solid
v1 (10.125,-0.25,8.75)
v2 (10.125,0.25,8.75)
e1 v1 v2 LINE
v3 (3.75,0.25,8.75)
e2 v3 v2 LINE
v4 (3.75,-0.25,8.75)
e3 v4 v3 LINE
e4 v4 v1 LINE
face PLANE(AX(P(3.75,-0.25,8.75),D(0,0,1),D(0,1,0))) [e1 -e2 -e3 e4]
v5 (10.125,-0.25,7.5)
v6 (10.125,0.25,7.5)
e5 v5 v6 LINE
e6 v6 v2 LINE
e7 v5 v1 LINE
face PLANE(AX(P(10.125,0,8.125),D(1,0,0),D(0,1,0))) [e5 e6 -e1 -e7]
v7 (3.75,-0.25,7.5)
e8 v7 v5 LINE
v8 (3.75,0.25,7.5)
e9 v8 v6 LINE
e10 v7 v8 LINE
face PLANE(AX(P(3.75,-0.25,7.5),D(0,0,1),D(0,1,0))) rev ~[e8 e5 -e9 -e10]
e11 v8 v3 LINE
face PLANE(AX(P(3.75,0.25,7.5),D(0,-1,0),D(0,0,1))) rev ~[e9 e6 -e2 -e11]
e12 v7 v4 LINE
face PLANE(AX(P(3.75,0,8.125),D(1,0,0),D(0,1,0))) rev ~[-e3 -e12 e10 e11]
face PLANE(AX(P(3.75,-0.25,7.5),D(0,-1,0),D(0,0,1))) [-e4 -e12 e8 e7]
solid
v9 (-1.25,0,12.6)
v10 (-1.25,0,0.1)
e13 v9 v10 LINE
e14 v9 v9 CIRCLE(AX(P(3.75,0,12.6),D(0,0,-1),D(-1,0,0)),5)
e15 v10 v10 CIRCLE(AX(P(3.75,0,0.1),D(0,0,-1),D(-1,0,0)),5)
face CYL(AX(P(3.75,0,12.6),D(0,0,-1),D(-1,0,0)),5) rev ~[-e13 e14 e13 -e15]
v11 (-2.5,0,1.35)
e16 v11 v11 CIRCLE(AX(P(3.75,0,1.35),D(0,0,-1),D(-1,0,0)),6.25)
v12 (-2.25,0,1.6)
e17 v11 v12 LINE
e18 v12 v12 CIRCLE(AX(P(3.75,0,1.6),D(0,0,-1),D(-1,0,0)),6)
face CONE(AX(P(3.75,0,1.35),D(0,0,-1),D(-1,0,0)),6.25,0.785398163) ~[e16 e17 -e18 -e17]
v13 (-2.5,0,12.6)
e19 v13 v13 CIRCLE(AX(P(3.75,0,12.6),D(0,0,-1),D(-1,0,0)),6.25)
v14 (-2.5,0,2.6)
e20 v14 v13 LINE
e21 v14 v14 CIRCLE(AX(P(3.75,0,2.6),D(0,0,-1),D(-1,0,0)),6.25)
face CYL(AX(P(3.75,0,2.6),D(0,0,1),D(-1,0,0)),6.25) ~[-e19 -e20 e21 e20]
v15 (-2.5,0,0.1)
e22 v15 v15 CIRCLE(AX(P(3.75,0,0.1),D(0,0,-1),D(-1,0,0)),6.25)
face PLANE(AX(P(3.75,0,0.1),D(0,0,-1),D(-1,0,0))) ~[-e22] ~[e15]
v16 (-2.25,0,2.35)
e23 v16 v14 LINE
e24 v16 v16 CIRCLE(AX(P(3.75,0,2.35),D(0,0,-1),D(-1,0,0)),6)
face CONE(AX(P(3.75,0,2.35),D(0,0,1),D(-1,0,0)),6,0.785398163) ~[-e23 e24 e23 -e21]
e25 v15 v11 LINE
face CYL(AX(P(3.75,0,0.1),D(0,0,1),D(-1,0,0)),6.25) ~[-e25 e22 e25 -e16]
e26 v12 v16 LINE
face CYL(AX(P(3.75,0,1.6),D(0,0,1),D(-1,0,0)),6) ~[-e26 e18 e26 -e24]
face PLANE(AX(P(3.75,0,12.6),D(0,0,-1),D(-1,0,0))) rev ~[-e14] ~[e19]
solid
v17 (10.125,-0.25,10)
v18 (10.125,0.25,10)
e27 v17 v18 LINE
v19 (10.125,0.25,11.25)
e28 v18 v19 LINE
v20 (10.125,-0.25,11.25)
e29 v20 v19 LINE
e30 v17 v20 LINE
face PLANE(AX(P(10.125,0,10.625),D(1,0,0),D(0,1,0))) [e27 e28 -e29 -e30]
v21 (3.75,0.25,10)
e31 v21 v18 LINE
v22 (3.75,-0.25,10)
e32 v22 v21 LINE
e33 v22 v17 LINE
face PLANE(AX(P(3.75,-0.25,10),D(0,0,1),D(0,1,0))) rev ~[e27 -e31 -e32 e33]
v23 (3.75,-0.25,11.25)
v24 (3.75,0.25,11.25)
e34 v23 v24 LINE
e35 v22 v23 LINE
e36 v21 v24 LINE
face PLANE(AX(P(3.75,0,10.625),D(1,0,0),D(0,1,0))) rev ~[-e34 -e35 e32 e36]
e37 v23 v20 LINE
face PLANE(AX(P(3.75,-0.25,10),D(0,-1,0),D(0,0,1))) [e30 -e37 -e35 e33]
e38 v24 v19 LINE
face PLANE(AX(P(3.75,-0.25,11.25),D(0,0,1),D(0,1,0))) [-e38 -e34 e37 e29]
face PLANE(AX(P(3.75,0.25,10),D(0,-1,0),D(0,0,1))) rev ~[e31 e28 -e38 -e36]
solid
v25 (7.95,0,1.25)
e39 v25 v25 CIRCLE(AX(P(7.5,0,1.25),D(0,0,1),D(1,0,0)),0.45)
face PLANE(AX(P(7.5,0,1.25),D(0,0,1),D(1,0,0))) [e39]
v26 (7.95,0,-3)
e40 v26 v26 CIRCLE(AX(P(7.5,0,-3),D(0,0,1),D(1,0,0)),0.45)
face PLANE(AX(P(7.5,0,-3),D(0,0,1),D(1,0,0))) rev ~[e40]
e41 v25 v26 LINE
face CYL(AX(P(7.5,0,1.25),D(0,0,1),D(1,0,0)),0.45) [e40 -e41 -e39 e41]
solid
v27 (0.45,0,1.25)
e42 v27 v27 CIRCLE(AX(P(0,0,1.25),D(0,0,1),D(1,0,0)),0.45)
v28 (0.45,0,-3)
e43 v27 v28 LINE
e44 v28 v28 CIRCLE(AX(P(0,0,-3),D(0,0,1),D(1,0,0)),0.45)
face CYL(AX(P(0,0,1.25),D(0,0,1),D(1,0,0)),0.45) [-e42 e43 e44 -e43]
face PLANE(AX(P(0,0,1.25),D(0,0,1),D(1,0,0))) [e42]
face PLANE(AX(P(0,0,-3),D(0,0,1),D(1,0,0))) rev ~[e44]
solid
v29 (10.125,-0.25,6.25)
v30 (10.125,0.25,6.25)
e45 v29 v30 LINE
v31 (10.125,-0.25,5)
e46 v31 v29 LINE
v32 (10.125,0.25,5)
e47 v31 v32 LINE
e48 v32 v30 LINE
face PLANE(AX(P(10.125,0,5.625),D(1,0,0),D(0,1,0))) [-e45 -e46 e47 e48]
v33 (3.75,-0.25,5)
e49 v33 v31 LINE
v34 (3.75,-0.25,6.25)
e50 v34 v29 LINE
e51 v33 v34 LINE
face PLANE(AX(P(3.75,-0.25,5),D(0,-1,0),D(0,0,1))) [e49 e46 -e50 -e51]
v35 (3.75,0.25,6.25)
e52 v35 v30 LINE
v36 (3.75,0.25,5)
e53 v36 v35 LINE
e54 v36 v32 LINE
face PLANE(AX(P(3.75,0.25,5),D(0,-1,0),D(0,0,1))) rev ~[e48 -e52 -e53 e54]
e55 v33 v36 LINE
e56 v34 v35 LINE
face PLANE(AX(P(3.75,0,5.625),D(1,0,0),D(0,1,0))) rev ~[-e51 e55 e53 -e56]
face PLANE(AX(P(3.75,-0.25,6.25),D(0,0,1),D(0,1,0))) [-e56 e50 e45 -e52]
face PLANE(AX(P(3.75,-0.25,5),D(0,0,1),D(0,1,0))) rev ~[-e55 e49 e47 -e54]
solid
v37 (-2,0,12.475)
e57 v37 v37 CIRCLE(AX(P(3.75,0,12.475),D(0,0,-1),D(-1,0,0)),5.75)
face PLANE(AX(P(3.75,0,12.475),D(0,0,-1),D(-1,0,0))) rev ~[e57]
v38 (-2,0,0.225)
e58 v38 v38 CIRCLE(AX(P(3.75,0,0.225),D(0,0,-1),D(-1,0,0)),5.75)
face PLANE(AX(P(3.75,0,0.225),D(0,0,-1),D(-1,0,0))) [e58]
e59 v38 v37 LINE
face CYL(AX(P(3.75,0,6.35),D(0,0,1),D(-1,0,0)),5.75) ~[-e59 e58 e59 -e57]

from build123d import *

# Parameters (mm, degrees)
SKETCH002_W  = 5.75
SKETCH002_H  = 12.25
SKETCH003_R  = 0.45
PAD_DEPTH    = 4.25
SKETCH004_W  = 0.5
SKETCH004_H  = 1.25
PAD001_DEPTH = 6.375


with BuildPart() as revolution:
    # Sketch → Revolution (revolve)
    with BuildSketch(Plane.XZ):
        Polygon((-2.5, 0.1), (-2.5, 1.35), (-2.25, 1.6), (-2.25, 2.35), (-2.5, 2.6), (-2.5, 12.6), (-1.25, 12.6), (-1.25, 0.1), align=None)
    revolve(axis=Axis((3.75, 0, 7.548619), (0, 0, -1)))


with BuildPart() as revolution001:
    # Sketch002 → Revolution001 (revolve)
    with BuildSketch(Plane.XZ):
        with Locations((0.875, 6.35)):
            Rectangle(SKETCH002_W, SKETCH002_H)
    revolve(axis=Axis((3.75, 0, 4.680116), (0, 0, -1)))


with BuildPart() as pad:
    # Sketch003 → Pad (new body)
    with BuildSketch(Plane.XY.offset(1.25)):
        Circle(SKETCH003_R)
        with Locations((7.5, 0)):
            Circle(SKETCH003_R)
    extrude(amount=-PAD_DEPTH)


with BuildPart() as pad001:
    # Sketch004 → Pad001 (new body)
    with BuildSketch(Plane.YZ.offset(3.75)):
        with Locations((0, 5.625)):
            Rectangle(SKETCH004_W, SKETCH004_H)
        with Locations((0, 8.125)):
            Rectangle(SKETCH004_W, SKETCH004_H)
        with Locations((0, 10.625)):
            Rectangle(SKETCH004_W, SKETCH004_H)
    extrude(amount=PAD001_DEPTH)


solid = Compound([revolution.part, revolution001.part, pad.part, pad001.part])
